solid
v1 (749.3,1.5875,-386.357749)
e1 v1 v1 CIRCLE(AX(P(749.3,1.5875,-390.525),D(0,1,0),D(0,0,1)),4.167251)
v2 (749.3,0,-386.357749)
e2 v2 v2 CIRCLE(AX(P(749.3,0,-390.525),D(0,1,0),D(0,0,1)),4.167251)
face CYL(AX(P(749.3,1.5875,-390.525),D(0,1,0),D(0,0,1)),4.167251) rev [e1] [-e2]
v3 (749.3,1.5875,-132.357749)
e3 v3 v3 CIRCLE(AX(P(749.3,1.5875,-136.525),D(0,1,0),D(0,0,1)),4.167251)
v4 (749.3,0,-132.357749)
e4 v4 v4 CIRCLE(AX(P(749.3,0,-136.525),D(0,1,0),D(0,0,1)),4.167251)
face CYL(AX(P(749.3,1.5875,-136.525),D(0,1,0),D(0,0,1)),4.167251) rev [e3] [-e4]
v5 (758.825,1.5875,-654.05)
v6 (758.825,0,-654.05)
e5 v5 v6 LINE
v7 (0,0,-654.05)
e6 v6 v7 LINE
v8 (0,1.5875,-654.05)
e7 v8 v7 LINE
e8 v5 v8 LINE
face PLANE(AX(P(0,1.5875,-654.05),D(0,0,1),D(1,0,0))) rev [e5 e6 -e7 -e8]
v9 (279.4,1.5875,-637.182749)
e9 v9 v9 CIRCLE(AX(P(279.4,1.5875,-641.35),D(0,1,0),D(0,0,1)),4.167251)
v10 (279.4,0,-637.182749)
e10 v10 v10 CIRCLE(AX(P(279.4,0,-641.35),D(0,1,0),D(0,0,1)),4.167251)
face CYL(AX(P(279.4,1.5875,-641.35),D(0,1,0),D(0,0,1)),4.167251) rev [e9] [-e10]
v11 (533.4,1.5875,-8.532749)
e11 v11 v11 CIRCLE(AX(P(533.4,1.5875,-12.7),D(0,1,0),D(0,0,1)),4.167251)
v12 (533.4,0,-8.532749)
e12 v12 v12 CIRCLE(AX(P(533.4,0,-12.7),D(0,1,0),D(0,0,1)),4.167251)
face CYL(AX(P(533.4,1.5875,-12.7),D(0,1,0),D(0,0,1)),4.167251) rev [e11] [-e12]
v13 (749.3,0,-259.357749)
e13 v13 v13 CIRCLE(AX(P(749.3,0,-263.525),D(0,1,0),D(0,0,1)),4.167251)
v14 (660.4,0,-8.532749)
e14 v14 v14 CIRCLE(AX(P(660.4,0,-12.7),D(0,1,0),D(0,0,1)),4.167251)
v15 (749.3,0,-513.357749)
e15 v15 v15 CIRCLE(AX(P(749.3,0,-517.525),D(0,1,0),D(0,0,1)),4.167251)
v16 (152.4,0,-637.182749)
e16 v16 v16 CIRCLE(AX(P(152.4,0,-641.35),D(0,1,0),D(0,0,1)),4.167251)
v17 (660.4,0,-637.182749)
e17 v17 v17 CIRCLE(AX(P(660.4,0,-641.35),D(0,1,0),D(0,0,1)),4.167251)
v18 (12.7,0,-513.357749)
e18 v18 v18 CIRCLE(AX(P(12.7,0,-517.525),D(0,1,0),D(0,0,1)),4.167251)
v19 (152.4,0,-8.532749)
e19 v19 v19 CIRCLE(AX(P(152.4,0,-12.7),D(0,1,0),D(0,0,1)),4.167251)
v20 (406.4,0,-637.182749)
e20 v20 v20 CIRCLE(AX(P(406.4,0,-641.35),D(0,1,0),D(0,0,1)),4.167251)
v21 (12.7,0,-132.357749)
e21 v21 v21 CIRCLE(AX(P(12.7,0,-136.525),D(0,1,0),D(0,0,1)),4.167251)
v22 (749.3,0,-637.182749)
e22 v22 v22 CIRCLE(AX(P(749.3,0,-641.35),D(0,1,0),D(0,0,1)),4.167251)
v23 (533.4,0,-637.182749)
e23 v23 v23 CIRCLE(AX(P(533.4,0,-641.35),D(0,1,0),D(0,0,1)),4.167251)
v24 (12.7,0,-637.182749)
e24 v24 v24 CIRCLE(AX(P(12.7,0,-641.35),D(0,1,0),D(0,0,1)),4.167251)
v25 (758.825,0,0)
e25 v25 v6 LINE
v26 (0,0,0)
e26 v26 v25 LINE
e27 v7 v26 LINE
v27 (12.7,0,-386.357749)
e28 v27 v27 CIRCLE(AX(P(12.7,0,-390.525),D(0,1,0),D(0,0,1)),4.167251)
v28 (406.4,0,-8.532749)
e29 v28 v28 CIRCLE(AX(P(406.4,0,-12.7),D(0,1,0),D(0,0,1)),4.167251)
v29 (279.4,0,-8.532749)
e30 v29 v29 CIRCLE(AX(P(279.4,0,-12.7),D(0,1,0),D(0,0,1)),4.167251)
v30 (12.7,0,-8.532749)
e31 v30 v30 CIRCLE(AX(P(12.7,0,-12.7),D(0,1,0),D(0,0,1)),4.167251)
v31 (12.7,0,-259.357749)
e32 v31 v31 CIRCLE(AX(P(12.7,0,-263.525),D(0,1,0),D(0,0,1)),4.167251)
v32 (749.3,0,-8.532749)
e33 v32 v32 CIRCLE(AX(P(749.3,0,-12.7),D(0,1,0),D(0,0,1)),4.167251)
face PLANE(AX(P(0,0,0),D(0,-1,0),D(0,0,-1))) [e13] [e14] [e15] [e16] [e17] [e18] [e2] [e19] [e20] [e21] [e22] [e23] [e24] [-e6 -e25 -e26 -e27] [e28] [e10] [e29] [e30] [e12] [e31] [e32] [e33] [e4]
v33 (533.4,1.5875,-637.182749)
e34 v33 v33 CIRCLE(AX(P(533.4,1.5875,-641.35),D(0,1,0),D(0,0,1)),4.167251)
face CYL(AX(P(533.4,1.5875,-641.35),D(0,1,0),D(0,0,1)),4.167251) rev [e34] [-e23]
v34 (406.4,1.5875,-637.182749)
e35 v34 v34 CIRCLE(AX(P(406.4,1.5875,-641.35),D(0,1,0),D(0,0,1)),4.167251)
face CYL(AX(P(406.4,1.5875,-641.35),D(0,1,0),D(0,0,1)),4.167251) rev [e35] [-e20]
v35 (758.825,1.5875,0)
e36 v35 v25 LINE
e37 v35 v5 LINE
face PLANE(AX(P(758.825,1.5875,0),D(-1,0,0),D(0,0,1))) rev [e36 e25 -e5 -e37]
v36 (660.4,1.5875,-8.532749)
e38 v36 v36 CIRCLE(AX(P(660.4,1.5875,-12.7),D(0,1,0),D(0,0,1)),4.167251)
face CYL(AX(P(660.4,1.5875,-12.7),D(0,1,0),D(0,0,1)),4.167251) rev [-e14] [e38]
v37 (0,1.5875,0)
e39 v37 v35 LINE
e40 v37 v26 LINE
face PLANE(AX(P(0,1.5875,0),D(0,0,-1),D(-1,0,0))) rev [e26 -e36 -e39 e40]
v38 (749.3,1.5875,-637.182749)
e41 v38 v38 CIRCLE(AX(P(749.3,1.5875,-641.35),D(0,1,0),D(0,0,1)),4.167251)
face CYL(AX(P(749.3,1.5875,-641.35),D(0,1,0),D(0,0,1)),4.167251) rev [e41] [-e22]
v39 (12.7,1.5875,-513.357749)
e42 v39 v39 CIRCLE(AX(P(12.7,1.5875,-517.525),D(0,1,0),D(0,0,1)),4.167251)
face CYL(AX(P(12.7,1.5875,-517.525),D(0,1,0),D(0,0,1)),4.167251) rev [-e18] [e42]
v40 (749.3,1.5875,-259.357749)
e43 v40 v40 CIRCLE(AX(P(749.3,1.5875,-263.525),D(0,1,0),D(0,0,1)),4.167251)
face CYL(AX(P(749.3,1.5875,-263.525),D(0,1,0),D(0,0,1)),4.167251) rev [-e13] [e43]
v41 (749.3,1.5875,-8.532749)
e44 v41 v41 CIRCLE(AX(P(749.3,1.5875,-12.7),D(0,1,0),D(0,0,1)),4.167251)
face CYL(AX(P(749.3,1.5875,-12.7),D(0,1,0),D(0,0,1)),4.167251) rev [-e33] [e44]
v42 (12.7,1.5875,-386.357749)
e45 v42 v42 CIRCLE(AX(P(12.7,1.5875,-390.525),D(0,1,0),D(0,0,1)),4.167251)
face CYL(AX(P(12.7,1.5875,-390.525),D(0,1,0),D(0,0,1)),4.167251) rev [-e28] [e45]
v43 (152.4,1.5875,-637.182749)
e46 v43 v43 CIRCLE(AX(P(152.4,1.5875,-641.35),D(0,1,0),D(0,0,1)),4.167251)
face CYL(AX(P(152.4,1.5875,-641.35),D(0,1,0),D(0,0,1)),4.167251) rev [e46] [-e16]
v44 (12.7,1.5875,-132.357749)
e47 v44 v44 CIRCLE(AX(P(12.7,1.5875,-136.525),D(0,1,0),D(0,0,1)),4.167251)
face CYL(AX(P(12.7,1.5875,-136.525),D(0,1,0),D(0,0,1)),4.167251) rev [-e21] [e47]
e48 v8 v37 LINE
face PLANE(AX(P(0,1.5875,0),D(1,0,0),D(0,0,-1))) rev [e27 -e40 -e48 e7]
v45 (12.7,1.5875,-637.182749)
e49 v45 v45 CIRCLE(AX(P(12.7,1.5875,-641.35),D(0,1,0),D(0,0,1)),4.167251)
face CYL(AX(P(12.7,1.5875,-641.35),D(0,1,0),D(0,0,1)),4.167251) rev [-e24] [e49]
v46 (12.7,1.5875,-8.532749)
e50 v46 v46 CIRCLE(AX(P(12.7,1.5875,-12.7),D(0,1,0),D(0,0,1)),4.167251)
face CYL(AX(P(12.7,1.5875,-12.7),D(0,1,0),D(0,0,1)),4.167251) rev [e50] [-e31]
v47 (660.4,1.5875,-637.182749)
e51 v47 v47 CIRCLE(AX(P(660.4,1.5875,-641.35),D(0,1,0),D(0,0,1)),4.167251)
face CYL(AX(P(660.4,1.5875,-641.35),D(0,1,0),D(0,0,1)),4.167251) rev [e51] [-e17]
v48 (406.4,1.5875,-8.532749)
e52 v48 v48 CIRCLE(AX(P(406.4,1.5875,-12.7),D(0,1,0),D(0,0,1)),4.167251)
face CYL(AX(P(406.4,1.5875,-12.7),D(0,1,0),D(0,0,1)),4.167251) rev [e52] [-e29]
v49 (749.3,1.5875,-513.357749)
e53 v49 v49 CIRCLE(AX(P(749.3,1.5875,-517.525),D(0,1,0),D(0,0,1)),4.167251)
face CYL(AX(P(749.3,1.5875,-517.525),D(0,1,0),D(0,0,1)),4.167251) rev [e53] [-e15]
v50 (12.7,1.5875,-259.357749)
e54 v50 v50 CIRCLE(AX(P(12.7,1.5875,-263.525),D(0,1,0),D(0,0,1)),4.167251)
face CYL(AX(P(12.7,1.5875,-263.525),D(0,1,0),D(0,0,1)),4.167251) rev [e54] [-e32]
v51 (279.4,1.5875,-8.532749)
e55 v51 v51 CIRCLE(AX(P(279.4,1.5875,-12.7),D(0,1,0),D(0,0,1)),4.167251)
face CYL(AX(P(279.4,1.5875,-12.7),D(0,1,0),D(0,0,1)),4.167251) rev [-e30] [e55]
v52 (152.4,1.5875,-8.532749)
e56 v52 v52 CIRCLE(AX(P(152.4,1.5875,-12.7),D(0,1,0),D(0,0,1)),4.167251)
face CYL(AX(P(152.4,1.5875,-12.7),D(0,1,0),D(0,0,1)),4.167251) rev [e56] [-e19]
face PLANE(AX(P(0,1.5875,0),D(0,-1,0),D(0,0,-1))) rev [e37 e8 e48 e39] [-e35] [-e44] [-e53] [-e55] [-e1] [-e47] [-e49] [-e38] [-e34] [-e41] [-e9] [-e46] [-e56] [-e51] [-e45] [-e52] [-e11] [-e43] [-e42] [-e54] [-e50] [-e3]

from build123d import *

# Parameters (mm, degrees)
SKETCH1_W                        = 758.825
SKETCH1_H                        = 654.05
BOSS_EXTRUDE1_DEPTH              = 1.5875
F_21_64_0_32813_DIAMETER_HOLE1_D = 8.334502
LPATTERN1_COUNT                  = 2
LPATTERN1_PITCH                  = 736.6
LPATTERN1_COUNT_DIR2             = 2
LPATTERN1_PITCH_DIR2             = 628.65
F_21_64_0_32813_DIAMETER_HOLE2_D = 8.334502
LPATTERN2_COUNT                  = 5
LPATTERN2_PITCH                  = 127
LPATTERN2_COUNT_DIR2             = 2
LPATTERN2_PITCH_DIR2             = 628.65
F_21_64_0_32813_DIAMETER_HOLE3_D = 8.334502
LPATTERN6_COUNT                  = 4
LPATTERN6_PITCH                  = 127
LPATTERN6_COUNT_DIR2             = 2
LPATTERN6_PITCH_DIR2             = 736.6


with BuildPart() as part:
    # Sketch1 → Boss-Extrude1 (new body)
    with BuildSketch(Plane(origin=(0, 0, 0), x_dir=(1, 0, 0), z_dir=(0, 1, 0))):
        with Locations((379.4125, 327.025)):
            Rectangle(SKETCH1_W, SKETCH1_H)
    extrude(amount=BOSS_EXTRUDE1_DEPTH)

    # 21/64 (0.32813) Diameter Hole1 (through all)
    with Locations(Plane(origin=(0, 1.5875, 0), x_dir=(1, 0, 0), z_dir=(0, 1, 0))):
        with Locations((12.7, 12.7)):
            f_21_64_0_32813_diameter_hole1 = Hole(F_21_64_0_32813_DIAMETER_HOLE1_D / 2)

    # LPattern1: 21_64 _0.32813_ Diameter Hole1 2 × 2
    with Locations(*[(i * LPATTERN1_PITCH, 0, -j * LPATTERN1_PITCH_DIR2) for i in range(LPATTERN1_COUNT) for j in range(LPATTERN1_COUNT_DIR2) if (i, j) != (0, 0)]):
        add(f_21_64_0_32813_diameter_hole1, mode=Mode.SUBTRACT)

    # 21/64 (0.32813) Diameter Hole2 (through all)
    with Locations(Plane(origin=(0, 1.5875, 0), x_dir=(1, 0, 0), z_dir=(0, 1, 0))):
        with Locations((152.4, 12.7)):
            f_21_64_0_32813_diameter_hole2 = Hole(F_21_64_0_32813_DIAMETER_HOLE2_D / 2)

    # LPattern2: 21_64 _0.32813_ Diameter Hole2 5 × 2
    with Locations(*[(i * LPATTERN2_PITCH, 0, -j * LPATTERN2_PITCH_DIR2) for i in range(LPATTERN2_COUNT) for j in range(LPATTERN2_COUNT_DIR2) if (i, j) != (0, 0)]):
        add(f_21_64_0_32813_diameter_hole2, mode=Mode.SUBTRACT)

    # 21/64 (0.32813) Diameter Hole3 (through all)
    with Locations(Plane(origin=(0, 1.5875, 0), x_dir=(1, 0, 0), z_dir=(0, 1, 0))):
        with Locations((12.7, 136.525)):
            f_21_64_0_32813_diameter_hole3 = Hole(F_21_64_0_32813_DIAMETER_HOLE3_D / 2)

    # LPattern6: 21_64 _0.32813_ Diameter Hole3 4 × 2
    with Locations(*[(j * LPATTERN6_PITCH_DIR2, 0, -i * LPATTERN6_PITCH) for i in range(LPATTERN6_COUNT) for j in range(LPATTERN6_COUNT_DIR2) if (i, j) != (0, 0)]):
        add(f_21_64_0_32813_diameter_hole3, mode=Mode.SUBTRACT)


solid = part.part
